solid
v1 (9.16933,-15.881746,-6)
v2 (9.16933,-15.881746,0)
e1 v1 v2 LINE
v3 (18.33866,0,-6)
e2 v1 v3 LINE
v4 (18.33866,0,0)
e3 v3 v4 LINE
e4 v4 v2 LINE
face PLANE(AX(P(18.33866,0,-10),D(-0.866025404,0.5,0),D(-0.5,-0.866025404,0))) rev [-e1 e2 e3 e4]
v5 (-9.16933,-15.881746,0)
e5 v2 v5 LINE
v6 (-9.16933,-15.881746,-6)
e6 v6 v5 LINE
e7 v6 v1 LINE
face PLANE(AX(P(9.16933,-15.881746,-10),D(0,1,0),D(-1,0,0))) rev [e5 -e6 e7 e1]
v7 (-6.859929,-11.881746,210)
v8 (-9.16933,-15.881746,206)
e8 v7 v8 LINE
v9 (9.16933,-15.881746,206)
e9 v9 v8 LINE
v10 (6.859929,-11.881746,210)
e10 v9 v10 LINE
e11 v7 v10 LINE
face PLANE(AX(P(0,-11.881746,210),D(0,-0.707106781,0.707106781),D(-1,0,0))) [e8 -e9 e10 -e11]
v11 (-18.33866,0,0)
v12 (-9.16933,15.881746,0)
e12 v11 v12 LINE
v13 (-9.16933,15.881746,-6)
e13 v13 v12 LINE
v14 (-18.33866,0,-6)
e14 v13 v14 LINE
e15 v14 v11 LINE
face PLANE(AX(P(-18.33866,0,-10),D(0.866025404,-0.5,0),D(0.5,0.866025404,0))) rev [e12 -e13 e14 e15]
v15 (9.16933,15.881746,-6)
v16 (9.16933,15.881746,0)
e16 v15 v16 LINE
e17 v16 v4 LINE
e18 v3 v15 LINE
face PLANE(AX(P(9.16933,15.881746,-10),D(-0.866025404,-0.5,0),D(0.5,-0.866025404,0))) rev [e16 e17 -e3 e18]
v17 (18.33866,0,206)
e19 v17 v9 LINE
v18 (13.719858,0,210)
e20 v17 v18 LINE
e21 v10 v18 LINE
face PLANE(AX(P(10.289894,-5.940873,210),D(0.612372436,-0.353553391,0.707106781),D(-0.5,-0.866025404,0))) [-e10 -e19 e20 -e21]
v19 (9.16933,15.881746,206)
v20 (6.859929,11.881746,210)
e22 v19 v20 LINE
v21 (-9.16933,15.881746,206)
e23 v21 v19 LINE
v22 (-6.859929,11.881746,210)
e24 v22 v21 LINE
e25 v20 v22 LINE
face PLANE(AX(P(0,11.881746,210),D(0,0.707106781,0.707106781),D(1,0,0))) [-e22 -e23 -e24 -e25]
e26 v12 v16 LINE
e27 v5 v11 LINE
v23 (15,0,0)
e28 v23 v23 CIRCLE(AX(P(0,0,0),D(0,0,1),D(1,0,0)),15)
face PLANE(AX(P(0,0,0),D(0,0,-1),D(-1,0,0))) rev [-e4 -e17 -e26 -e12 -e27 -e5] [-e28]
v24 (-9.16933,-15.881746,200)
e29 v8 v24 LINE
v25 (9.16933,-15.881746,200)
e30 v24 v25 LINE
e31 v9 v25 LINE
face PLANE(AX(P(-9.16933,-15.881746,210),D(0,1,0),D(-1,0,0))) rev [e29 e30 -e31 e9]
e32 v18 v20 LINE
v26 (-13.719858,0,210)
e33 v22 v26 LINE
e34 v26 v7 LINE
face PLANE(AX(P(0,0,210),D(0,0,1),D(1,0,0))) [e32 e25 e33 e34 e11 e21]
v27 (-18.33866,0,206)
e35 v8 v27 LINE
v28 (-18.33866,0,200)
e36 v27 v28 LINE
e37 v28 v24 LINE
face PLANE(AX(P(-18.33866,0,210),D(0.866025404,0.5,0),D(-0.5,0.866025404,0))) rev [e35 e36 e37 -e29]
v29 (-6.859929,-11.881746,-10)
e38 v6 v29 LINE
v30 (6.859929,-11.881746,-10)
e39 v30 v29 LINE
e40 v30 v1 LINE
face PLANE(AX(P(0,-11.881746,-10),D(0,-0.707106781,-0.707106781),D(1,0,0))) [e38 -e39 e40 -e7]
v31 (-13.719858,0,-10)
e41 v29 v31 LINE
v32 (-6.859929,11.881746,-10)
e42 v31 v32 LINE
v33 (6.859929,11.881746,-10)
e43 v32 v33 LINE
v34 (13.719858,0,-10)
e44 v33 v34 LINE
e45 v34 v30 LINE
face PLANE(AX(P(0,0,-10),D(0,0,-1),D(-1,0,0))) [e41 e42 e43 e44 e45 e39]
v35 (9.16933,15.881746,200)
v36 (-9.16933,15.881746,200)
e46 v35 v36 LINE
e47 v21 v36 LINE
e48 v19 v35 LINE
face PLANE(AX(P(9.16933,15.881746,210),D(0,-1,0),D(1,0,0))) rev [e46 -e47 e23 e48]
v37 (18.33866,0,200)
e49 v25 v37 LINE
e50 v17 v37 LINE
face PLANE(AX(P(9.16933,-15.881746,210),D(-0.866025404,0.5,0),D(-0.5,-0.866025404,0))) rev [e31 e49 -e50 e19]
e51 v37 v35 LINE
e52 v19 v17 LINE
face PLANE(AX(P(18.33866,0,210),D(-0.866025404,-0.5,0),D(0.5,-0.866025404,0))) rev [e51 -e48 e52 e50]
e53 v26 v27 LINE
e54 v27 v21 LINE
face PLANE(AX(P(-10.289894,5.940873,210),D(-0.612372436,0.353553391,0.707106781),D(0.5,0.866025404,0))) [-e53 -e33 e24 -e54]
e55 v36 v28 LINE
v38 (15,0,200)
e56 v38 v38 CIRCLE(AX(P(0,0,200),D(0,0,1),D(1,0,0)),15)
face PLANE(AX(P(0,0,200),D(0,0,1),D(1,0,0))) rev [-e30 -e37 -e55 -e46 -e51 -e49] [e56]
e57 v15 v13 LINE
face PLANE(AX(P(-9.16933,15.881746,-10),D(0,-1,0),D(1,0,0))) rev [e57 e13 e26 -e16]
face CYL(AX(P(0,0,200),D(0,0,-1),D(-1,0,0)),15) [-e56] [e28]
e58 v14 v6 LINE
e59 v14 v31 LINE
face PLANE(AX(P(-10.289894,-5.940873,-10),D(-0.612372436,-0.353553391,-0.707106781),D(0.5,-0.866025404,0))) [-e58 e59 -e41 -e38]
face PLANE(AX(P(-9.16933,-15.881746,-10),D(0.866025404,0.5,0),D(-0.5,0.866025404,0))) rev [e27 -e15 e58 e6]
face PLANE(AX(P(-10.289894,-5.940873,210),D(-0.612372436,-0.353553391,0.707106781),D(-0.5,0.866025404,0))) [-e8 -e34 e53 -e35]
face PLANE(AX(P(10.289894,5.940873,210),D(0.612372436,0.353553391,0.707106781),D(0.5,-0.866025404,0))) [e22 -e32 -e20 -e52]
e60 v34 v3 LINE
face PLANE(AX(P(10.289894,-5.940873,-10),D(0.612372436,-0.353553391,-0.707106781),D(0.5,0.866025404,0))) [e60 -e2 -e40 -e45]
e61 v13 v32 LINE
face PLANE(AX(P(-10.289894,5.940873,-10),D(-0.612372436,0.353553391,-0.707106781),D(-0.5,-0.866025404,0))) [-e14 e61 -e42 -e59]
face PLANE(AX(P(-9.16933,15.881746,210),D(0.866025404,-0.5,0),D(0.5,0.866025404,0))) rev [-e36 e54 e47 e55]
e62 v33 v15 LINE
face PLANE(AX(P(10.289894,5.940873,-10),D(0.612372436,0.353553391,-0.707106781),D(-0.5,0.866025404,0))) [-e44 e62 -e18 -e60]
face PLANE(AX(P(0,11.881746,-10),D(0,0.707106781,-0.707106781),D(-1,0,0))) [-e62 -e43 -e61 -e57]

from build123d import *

# Parameters (mm, degrees)
SKETCH1_R           = 15
BOSS_EXTRUDE1_DEPTH = 200
BOSS_EXTRUDE2_DEPTH = 10
BOSS_EXTRUDE3_DEPTH = 10
CHAMFER1_SIZE       = 4


with BuildPart() as part:
    # Sketch1 → Boss-Extrude1 (new body)
    with BuildSketch(Plane.XY):
        Circle(SKETCH1_R)
    extrude(amount=BOSS_EXTRUDE1_DEPTH)

    # Sketch3 → Boss-Extrude2 (add)
    with BuildSketch(Plane(origin=(0, 0, 0), x_dir=(-1, 0, 0), z_dir=(0, 0, -1))):
        Polygon((18.338660343, 0), (9.169330171, 15.881745728), (-9.169330171, 15.881745728), (-18.338660343, 0), (-9.169330171, -15.881745728), (9.169330171, -15.881745728), align=None)
    extrude(amount=BOSS_EXTRUDE2_DEPTH)

    # Sketch2 → Boss-Extrude3 (add)
    with BuildSketch(Plane.XY.offset(200)):
        Polygon((18.338660343, 0), (9.169330171, 15.881745728), (-9.169330171, 15.881745728), (-18.338660343, 0), (-9.169330171, -15.881745728), (9.169330171, -15.881745728), align=None)
    extrude(amount=BOSS_EXTRUDE3_DEPTH)

    # Chamfer1
    chamfer1_edges = [part.edges().sort_by_distance(p)[0] for p in [
        (13.753995257, -7.940872864, 210),
        (13.753995257, 7.940872864, 210),
        (0, 15.881745728, 210),
        (-13.753995257, 7.940872864, 210),
        (-13.753995257, -7.940872864, 210),
        (0, -15.881745728, 210),
        (-13.753995257, -7.940872864, -10),
        (-13.753995257, 7.940872864, -10),
        (0, 15.881745728, -10),
        (13.753995257, 7.940872864, -10),
        (13.753995257, -7.940872864, -10),
        (0, -15.881745728, -10),
    ]]
    chamfer(chamfer1_edges, length=CHAMFER1_SIZE)


solid = part.part
